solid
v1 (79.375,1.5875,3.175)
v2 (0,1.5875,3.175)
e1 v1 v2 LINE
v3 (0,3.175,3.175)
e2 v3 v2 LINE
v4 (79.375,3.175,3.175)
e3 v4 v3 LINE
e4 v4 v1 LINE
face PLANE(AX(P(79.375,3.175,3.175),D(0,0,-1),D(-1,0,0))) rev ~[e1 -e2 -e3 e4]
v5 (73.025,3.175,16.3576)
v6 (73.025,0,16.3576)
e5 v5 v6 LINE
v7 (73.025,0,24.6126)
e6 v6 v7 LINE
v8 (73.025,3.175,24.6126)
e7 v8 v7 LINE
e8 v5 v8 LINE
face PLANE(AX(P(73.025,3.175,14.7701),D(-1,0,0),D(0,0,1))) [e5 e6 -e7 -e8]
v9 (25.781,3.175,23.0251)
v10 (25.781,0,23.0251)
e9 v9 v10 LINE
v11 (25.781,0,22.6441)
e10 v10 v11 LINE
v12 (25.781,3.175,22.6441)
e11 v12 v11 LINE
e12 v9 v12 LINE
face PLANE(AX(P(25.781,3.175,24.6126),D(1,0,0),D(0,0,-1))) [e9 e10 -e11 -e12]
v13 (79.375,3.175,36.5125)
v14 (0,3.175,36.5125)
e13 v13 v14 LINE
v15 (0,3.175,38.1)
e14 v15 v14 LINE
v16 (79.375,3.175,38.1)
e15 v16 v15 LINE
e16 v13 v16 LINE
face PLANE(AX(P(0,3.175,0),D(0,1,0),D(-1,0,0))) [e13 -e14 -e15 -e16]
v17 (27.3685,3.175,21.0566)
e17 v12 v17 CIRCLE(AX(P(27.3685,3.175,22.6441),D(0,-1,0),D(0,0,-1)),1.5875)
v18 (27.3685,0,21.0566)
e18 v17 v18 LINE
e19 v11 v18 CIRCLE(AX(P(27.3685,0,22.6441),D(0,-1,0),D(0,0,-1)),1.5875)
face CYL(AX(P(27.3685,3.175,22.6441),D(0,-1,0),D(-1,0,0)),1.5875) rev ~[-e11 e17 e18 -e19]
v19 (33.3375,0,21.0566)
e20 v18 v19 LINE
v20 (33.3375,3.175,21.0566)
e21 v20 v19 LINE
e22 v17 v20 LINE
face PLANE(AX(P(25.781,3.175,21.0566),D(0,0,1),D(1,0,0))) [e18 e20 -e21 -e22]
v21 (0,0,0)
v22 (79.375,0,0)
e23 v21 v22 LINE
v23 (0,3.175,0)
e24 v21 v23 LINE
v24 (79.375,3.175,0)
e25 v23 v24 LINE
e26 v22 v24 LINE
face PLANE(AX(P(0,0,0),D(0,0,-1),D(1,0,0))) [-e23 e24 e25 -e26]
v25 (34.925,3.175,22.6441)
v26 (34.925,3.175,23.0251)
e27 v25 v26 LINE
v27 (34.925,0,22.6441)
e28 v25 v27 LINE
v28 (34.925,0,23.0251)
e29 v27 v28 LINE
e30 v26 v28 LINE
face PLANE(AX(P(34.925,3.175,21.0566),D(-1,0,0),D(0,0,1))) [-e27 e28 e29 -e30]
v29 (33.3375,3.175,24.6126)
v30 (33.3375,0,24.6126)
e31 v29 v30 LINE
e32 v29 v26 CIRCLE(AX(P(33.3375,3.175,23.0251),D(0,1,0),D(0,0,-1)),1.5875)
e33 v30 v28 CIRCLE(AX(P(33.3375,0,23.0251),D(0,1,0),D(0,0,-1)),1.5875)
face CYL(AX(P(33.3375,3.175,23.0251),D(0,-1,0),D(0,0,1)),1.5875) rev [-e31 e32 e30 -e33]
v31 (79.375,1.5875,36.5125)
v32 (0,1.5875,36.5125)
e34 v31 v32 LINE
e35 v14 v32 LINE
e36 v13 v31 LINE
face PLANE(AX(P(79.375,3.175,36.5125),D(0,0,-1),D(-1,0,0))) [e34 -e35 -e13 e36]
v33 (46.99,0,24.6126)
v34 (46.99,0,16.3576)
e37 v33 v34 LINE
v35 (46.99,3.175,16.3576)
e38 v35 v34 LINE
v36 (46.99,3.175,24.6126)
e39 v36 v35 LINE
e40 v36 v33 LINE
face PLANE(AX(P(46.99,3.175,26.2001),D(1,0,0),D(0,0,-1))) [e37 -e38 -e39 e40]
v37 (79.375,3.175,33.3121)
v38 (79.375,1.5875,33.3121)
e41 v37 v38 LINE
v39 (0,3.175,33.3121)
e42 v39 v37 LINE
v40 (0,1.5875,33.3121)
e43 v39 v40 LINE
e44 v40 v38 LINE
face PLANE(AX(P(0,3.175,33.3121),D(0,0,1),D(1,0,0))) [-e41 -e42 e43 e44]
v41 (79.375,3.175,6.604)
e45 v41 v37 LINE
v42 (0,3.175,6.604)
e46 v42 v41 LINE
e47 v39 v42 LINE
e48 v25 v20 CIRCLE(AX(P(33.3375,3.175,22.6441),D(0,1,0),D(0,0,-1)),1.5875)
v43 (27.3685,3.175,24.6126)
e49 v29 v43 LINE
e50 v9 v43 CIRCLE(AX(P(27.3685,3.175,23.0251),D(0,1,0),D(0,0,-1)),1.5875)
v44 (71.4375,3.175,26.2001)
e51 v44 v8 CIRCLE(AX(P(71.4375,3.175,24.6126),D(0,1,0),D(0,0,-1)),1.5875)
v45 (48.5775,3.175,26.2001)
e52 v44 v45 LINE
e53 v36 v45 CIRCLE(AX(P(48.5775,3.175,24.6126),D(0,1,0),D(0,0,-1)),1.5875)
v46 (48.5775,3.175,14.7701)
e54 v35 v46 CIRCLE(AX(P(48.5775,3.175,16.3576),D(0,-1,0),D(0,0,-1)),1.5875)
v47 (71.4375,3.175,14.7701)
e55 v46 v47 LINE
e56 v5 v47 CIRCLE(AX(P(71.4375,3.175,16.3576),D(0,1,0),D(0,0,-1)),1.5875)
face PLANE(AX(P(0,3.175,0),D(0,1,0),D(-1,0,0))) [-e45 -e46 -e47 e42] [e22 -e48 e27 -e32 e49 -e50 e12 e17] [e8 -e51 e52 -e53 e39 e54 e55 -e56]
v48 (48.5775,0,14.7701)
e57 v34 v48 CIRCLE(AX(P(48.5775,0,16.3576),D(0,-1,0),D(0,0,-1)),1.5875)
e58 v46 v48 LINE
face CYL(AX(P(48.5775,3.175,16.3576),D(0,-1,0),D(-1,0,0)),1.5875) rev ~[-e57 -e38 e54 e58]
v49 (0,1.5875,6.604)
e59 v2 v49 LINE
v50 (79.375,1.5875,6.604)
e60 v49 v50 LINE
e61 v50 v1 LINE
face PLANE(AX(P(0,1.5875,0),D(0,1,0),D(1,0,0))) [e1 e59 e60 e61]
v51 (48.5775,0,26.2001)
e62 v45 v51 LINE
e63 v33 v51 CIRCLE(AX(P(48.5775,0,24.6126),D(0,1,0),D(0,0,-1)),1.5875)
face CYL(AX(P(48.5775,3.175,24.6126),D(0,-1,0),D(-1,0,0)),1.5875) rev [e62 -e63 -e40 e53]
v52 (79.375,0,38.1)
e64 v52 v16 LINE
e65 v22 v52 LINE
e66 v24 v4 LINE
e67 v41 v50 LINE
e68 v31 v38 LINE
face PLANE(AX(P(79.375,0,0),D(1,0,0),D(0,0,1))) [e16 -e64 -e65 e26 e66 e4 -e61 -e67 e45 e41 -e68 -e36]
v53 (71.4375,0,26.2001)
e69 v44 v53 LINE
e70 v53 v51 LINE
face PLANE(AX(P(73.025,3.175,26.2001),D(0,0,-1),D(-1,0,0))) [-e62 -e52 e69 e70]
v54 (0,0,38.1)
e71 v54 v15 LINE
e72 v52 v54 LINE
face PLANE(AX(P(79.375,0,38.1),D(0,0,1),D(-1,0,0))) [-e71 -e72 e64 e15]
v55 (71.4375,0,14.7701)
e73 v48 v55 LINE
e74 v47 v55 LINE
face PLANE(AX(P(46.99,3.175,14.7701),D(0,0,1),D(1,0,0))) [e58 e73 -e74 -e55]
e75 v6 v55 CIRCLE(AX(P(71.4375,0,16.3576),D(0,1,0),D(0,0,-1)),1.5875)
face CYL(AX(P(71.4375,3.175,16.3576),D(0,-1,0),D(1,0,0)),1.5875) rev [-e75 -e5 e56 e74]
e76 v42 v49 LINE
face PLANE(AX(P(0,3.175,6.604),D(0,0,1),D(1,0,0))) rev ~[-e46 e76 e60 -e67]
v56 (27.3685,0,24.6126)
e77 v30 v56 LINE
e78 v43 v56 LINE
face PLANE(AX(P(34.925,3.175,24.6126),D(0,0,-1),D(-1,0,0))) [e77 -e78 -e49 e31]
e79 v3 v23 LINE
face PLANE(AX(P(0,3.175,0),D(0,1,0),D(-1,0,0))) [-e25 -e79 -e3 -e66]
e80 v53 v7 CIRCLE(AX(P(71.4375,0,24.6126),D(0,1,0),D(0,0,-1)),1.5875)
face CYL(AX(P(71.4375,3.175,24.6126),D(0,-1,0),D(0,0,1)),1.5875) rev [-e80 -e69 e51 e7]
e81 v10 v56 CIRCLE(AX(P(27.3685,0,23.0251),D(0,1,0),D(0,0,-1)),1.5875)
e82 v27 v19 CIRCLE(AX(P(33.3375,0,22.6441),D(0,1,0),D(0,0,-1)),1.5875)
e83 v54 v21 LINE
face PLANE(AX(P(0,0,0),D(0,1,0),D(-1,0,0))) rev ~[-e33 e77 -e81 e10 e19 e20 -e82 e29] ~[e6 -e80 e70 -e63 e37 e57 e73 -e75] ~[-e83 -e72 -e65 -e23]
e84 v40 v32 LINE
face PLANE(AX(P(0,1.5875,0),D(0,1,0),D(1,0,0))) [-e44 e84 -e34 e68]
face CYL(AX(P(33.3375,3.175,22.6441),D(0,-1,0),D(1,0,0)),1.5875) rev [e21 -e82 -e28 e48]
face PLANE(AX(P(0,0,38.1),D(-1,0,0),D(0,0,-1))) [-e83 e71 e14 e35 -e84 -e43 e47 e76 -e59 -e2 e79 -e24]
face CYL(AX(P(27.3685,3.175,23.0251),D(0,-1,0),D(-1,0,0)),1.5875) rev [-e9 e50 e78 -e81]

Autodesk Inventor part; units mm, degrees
ref_plane "YZ Plane" through (0, 0, 0) normal (1, 0, 0) x (0, 1, 0)
ref_plane "XZ Plane" through (0, 0, 0) normal (0, 1, 0) x (-1, 0, 0)
ref_plane "XY Plane" through (0, 0, 0) normal (0, 0, 1) x (1, 0, 0)
sketch "Sketch1" plane through (0, 0, 0) normal (0, 1, 0) x (-1, 0, 0)
  line L0 (0, 0) -> (-79.375, 0)
  line L1 (-79.375, 0) -> (-79.375, 38.1)
  line L2 (-79.375, 38.1) -> (0, 38.1)
  line L3 (0, 38.1) -> (0, 0)
  dimension "d0" = 79.375
  dimension "d1" = 38.1
extrude "Extrusion1" add sketch "Sketch1" along normal blind 3.175
sketch "Sketch2" plane through (0, 3.175, 0) normal (0, 1, 0) x (1, 0, 0)
  line L0 (0, 0) -> (0, -38.1) projected
  line L1 (79.375, -38.1) -> (79.375, 0) projected
  line L2 (0, -33.3121) -> (79.375, -33.3121)
  line L3 (79.375, -33.3121) -> (79.375, -36.5125)
  line L4 (79.375, -36.5125) -> (0, -36.5125)
  line L5 (0, -36.5125) -> (0, -33.3121)
  line L6 (0, -38.1) -> (79.375, -38.1) projected
  line L7 (79.375, 0) -> (0, 0) projected
  line L8 (79.375, -3.175) -> (0, -3.175)
  line L9 (0, -3.175) -> (0, -6.604)
  line L10 (0, -6.604) -> (79.375, -6.604)
  line L11 (79.375, -6.604) -> (79.375, -3.175)
  dimension "d4" = 3.2004
  dimension "d8" = 1.5875
  dimension "d13" = 3.175
  dimension "d14" = 3.429
extrude "Extrusion2" cut sketch "Sketch2" against normal blind 1.5875 contours L8 L1 L10 L0 | L2 L1 L4 L0
sketch "Sketch4" plane through (0, 3.175, 0) normal (0, 1, 0) x (1, 0, 0)
  line L0 (0, -33.3121) -> (79.375, -33.3121) projected
  line L1 (79.375, -33.3121) -> (79.375, -6.604) projected
  line L2 (25.781, -21.0566) -> (34.925, -21.0566)
  line L3 (34.925, -21.0566) -> (34.925, -24.6126)
  line L4 (34.925, -24.6126) -> (25.781, -24.6126)
  line L5 (25.781, -24.6126) -> (25.781, -21.0566)
  line L6 (46.99, -14.7701) -> (73.025, -14.7701)
  line L7 (73.025, -14.7701) -> (73.025, -26.2001)
  line L8 (73.025, -26.2001) -> (46.99, -26.2001)
  line L9 (46.99, -26.2001) -> (46.99, -14.7701)
  point P0 (0, 0)
  dimension "d15" = 3.556
  dimension "d16" = 9.144
  dimension "d17" = 8.6995
  dimension "d18" = 44.45
  dimension "d19" = 26.035
  dimension "d20" = 11.43
  dimension "d21" = 7.112
  dimension "d22" = 6.35
extrude "Extrusion4" cut sketch "Sketch4" against normal blind 25.4
fillet "Fillet1" radius 1.5875 4 edges at (25.781, 1.5875, 21.0566) (25.781, 1.5875, 24.6126) (34.925, 1.5875, 24.6126) (34.925, 1.5875, 21.0566)
fillet "Fillet2" radius 1.5875 4 edges at (73.025, 1.5875, 14.7701) (73.025, 1.5875, 26.2001) (46.99, 1.5875, 26.2001) (46.99, 1.5875, 14.7701)
properties part number "Electronics Container Part 2"
